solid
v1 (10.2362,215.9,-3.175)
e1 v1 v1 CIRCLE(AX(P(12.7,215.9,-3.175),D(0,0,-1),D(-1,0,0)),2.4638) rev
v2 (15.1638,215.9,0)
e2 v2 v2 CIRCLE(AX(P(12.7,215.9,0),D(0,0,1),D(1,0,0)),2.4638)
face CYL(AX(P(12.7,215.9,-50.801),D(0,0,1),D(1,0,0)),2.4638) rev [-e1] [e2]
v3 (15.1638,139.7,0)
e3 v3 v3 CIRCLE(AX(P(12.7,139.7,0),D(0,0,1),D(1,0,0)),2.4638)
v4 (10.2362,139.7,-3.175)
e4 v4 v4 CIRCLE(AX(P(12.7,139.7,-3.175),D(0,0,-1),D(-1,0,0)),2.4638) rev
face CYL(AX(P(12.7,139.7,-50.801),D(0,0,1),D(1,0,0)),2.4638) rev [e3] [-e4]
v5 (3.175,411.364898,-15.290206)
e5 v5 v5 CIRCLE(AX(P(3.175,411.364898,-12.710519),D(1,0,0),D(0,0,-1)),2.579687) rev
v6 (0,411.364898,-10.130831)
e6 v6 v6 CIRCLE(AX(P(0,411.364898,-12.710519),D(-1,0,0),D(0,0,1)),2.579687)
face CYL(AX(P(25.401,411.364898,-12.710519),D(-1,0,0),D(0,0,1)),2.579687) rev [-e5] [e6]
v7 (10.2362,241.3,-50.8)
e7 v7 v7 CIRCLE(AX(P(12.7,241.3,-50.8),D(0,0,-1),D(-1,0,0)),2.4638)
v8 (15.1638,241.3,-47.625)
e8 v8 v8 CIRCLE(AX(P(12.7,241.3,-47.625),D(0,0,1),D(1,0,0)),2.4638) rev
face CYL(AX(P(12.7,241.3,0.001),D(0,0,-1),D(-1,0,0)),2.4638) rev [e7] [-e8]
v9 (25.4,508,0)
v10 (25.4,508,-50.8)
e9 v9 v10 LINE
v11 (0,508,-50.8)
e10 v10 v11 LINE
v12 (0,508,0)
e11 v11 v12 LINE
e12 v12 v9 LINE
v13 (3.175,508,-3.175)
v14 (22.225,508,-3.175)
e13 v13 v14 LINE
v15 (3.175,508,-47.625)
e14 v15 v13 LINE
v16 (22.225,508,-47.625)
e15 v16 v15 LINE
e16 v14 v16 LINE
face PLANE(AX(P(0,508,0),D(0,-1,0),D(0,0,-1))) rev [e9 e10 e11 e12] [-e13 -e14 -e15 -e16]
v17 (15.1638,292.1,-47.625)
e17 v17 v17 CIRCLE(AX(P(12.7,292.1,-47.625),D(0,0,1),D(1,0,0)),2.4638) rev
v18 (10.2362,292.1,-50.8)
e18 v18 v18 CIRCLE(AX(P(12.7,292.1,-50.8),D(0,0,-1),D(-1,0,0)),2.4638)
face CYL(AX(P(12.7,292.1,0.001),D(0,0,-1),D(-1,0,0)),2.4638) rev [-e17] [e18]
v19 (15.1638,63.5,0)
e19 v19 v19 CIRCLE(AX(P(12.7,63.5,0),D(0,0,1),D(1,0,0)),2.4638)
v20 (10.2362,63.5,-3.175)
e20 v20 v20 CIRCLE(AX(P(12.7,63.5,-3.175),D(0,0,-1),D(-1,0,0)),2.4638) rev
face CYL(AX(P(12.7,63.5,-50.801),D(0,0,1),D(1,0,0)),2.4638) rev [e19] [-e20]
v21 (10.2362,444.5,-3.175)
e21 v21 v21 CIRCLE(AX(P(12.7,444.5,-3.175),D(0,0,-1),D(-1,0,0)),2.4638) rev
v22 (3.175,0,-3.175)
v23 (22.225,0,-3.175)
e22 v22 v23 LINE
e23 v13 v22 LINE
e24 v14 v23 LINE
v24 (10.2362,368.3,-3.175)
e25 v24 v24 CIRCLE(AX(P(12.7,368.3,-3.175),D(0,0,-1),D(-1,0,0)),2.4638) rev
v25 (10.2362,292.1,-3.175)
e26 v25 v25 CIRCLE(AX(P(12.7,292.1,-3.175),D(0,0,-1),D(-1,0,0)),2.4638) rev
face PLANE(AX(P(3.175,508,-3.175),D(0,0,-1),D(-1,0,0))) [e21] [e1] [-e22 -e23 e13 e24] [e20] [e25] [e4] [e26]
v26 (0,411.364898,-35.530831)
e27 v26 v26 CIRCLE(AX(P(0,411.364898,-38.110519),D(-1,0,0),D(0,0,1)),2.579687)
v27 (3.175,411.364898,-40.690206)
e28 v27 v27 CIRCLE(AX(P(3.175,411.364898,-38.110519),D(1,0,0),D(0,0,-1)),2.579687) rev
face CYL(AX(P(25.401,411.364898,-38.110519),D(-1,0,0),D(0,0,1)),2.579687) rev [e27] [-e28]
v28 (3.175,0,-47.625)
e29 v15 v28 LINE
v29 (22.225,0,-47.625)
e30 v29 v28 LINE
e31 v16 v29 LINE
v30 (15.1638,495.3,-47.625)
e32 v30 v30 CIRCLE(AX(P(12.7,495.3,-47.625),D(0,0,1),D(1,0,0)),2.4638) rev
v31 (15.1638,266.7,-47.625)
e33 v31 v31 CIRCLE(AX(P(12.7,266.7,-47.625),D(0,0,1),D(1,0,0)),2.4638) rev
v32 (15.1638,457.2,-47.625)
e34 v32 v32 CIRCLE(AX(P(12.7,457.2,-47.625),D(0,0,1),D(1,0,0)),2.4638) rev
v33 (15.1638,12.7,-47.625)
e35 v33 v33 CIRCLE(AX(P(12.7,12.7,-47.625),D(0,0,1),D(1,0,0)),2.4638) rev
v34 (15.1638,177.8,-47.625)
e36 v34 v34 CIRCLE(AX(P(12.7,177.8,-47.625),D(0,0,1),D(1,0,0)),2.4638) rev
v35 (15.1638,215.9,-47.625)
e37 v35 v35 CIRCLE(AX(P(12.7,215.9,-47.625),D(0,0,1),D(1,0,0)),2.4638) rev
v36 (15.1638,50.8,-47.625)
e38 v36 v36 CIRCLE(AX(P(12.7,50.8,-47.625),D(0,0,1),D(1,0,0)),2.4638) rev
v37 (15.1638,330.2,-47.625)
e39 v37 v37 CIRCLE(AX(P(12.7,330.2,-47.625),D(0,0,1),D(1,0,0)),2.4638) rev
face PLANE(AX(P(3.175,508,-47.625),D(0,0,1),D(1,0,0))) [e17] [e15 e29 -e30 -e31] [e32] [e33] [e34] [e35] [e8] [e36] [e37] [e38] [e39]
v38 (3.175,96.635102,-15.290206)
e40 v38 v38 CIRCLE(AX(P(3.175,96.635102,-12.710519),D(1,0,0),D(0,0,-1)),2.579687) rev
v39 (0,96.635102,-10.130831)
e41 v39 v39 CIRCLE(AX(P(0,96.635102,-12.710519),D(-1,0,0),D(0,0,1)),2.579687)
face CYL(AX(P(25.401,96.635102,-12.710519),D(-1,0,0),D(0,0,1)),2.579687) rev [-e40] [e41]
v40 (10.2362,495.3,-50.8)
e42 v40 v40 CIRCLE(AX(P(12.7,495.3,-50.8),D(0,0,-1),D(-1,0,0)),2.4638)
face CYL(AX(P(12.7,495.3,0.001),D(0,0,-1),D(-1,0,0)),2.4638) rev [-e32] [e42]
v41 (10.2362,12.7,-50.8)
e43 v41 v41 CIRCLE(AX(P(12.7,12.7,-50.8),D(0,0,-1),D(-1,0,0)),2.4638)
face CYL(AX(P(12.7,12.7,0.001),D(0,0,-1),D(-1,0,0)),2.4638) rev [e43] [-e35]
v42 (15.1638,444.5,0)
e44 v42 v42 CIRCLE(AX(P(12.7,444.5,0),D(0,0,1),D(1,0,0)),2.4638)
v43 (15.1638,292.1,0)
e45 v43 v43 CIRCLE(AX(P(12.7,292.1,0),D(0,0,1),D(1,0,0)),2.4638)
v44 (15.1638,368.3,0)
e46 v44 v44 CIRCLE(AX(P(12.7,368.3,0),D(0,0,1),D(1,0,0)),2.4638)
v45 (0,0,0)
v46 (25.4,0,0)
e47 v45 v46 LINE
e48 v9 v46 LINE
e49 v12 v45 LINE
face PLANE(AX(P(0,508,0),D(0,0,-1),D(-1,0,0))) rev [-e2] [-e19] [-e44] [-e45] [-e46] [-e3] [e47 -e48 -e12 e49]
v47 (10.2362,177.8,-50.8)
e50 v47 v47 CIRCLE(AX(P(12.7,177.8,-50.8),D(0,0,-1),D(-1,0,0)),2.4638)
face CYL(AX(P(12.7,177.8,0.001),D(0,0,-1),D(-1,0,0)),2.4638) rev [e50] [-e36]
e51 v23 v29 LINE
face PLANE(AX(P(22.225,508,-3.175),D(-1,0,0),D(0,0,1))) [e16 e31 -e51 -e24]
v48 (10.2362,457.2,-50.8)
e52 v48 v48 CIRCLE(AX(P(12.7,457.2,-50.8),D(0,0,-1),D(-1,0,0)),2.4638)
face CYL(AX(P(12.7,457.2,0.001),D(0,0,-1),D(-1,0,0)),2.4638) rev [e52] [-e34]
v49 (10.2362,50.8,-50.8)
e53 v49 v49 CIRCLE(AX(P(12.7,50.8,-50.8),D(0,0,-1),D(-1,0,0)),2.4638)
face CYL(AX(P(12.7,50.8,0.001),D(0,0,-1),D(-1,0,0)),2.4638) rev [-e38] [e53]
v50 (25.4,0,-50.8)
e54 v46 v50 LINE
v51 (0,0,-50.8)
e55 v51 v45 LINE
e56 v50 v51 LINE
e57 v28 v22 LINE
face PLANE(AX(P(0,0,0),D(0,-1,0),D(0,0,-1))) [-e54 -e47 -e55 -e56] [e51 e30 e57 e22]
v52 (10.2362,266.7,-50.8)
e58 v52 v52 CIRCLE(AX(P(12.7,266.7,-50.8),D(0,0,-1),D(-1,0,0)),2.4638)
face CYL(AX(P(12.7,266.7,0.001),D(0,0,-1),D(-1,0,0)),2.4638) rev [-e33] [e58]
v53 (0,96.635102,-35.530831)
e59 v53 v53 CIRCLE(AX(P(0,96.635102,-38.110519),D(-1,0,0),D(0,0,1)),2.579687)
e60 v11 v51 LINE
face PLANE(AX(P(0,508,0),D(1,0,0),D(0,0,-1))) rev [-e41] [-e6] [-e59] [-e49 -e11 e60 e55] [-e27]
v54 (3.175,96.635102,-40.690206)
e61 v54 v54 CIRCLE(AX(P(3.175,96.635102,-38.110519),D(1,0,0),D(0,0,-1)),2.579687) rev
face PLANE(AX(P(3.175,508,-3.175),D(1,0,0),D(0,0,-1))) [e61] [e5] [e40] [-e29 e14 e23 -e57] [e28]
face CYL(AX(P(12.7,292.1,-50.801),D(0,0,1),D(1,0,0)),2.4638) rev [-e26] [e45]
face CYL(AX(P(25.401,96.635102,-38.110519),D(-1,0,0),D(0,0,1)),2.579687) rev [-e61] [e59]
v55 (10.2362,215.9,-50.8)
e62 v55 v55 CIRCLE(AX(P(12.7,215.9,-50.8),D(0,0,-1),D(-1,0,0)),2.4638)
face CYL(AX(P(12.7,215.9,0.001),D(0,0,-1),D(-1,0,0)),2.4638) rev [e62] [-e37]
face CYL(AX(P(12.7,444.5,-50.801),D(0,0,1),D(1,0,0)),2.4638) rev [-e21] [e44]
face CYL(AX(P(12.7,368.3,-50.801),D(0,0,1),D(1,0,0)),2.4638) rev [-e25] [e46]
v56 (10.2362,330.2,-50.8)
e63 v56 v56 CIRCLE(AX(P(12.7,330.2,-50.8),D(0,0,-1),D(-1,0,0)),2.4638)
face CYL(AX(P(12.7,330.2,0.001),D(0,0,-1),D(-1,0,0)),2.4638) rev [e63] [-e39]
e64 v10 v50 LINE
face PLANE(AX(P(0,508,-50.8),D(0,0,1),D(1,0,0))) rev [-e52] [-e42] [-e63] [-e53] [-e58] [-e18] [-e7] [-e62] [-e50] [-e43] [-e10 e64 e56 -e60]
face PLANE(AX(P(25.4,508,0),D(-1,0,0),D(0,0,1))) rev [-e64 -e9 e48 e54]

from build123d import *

# Parameters (mm, degrees)
SKETCH1_W           = 25.4
SKETCH1_H           = 50.8
SKETCH1_W_2         = 19.05
SKETCH1_H_2         = 44.45
BOSS_EXTRUDE1_DEPTH = 508
CUT_EXTRUDE1_REACH  = 513.165
SKETCH2_R           = 2.4638
CUT_EXTRUDE2_REACH  = 513.165
SKETCH3_R           = 2.4638
CUT_EXTRUDE3_REACH  = 513.165
SKETCH4_R           = 2.5796875


with BuildPart() as part:
    # Sketch1 → Boss-Extrude1 (new body)
    with BuildSketch(Plane(origin=(0, 0, 0), x_dir=(1, 0, 0), z_dir=(0, 1, 0))):
        with Locations((12.7, 25.4)):
            Rectangle(SKETCH1_W, SKETCH1_H)
        with Locations((12.7, 25.4)):
            Rectangle(SKETCH1_W_2, SKETCH1_H_2, mode=Mode.SUBTRACT)
    extrude(amount=BOSS_EXTRUDE1_DEPTH)

    # Sketch2 → Cut-Extrude1 (cut, up to next)
    with BuildSketch(Plane(origin=(0, 0, -50.8), x_dir=(-1, 0, 0), z_dir=(0, 0, -1)), mode=Mode.PRIVATE) as cut_extrude1_sk1:
        with Locations((-12.7, 12.7)):
            Circle(SKETCH2_R)
    cut_extrude1_tool1 = extrude(cut_extrude1_sk1.sketch, amount=-CUT_EXTRUDE1_REACH, mode=Mode.PRIVATE) & part.part
    # Sketch2 → Cut-Extrude1 (cut, up to next)
    with BuildSketch(Plane(origin=(0, 0, -50.8), x_dir=(-1, 0, 0), z_dir=(0, 0, -1)), mode=Mode.PRIVATE) as cut_extrude1_sk2:
        with Locations((-12.7, 50.8)):
            Circle(SKETCH2_R)
    cut_extrude1_tool2 = extrude(cut_extrude1_sk2.sketch, amount=-CUT_EXTRUDE1_REACH, mode=Mode.PRIVATE) & part.part
    # Sketch2 → Cut-Extrude1 (cut, up to next)
    with BuildSketch(Plane(origin=(0, 0, -50.8), x_dir=(-1, 0, 0), z_dir=(0, 0, -1)), mode=Mode.PRIVATE) as cut_extrude1_sk3:
        with Locations((-12.7, 177.8)):
            Circle(SKETCH2_R)
    cut_extrude1_tool3 = extrude(cut_extrude1_sk3.sketch, amount=-CUT_EXTRUDE1_REACH, mode=Mode.PRIVATE) & part.part
    # Sketch2 → Cut-Extrude1 (cut, up to next)
    with BuildSketch(Plane(origin=(0, 0, -50.8), x_dir=(-1, 0, 0), z_dir=(0, 0, -1)), mode=Mode.PRIVATE) as cut_extrude1_sk4:
        with Locations((-12.7, 215.9)):
            Circle(SKETCH2_R)
    cut_extrude1_tool4 = extrude(cut_extrude1_sk4.sketch, amount=-CUT_EXTRUDE1_REACH, mode=Mode.PRIVATE) & part.part
    # Sketch2 → Cut-Extrude1 (cut, up to next)
    with BuildSketch(Plane(origin=(0, 0, -50.8), x_dir=(-1, 0, 0), z_dir=(0, 0, -1)), mode=Mode.PRIVATE) as cut_extrude1_sk5:
        with Locations((-12.7, 241.3)):
            Circle(SKETCH2_R)
    cut_extrude1_tool5 = extrude(cut_extrude1_sk5.sketch, amount=-CUT_EXTRUDE1_REACH, mode=Mode.PRIVATE) & part.part
    # Sketch2 → Cut-Extrude1 (cut, up to next)
    with BuildSketch(Plane(origin=(0, 0, -50.8), x_dir=(-1, 0, 0), z_dir=(0, 0, -1)), mode=Mode.PRIVATE) as cut_extrude1_sk6:
        with Locations((-12.7, 266.7)):
            Circle(SKETCH2_R)
    cut_extrude1_tool6 = extrude(cut_extrude1_sk6.sketch, amount=-CUT_EXTRUDE1_REACH, mode=Mode.PRIVATE) & part.part
    # Sketch2 → Cut-Extrude1 (cut, up to next)
    with BuildSketch(Plane(origin=(0, 0, -50.8), x_dir=(-1, 0, 0), z_dir=(0, 0, -1)), mode=Mode.PRIVATE) as cut_extrude1_sk7:
        with Locations((-12.7, 292.1)):
            Circle(SKETCH2_R)
    cut_extrude1_tool7 = extrude(cut_extrude1_sk7.sketch, amount=-CUT_EXTRUDE1_REACH, mode=Mode.PRIVATE) & part.part
    # Sketch2 → Cut-Extrude1 (cut, up to next)
    with BuildSketch(Plane(origin=(0, 0, -50.8), x_dir=(-1, 0, 0), z_dir=(0, 0, -1)), mode=Mode.PRIVATE) as cut_extrude1_sk8:
        with Locations((-12.7, 330.2)):
            Circle(SKETCH2_R)
    cut_extrude1_tool8 = extrude(cut_extrude1_sk8.sketch, amount=-CUT_EXTRUDE1_REACH, mode=Mode.PRIVATE) & part.part
    # Sketch2 → Cut-Extrude1 (cut, up to next)
    with BuildSketch(Plane(origin=(0, 0, -50.8), x_dir=(-1, 0, 0), z_dir=(0, 0, -1)), mode=Mode.PRIVATE) as cut_extrude1_sk9:
        with Locations((-12.7, 457.2)):
            Circle(SKETCH2_R)
    cut_extrude1_tool9 = extrude(cut_extrude1_sk9.sketch, amount=-CUT_EXTRUDE1_REACH, mode=Mode.PRIVATE) & part.part
    # Sketch2 → Cut-Extrude1 (cut, up to next)
    with BuildSketch(Plane(origin=(0, 0, -50.8), x_dir=(-1, 0, 0), z_dir=(0, 0, -1)), mode=Mode.PRIVATE) as cut_extrude1_sk10:
        with Locations((-12.7, 495.3)):
            Circle(SKETCH2_R)
    cut_extrude1_tool10 = extrude(cut_extrude1_sk10.sketch, amount=-CUT_EXTRUDE1_REACH, mode=Mode.PRIVATE) & part.part
    add(cut_extrude1_tool1.solids().sort_by_distance((12.7, 12.7, -50.8))[0], mode=Mode.SUBTRACT)
    add(cut_extrude1_tool2.solids().sort_by_distance((12.7, 50.8, -50.8))[0], mode=Mode.SUBTRACT)
    add(cut_extrude1_tool3.solids().sort_by_distance((12.7, 177.8, -50.8))[0], mode=Mode.SUBTRACT)
    add(cut_extrude1_tool4.solids().sort_by_distance((12.7, 215.9, -50.8))[0], mode=Mode.SUBTRACT)
    add(cut_extrude1_tool5.solids().sort_by_distance((12.7, 241.3, -50.8))[0], mode=Mode.SUBTRACT)
    add(cut_extrude1_tool6.solids().sort_by_distance((12.7, 266.7, -50.8))[0], mode=Mode.SUBTRACT)
    add(cut_extrude1_tool7.solids().sort_by_distance((12.7, 292.1, -50.8))[0], mode=Mode.SUBTRACT)
    add(cut_extrude1_tool8.solids().sort_by_distance((12.7, 330.2, -50.8))[0], mode=Mode.SUBTRACT)
    add(cut_extrude1_tool9.solids().sort_by_distance((12.7, 457.2, -50.8))[0], mode=Mode.SUBTRACT)
    add(cut_extrude1_tool10.solids().sort_by_distance((12.7, 495.3, -50.8))[0], mode=Mode.SUBTRACT)

    # Sketch3 → Cut-Extrude2 (cut, up to next)
    with BuildSketch(Plane.XY, mode=Mode.PRIVATE) as cut_extrude2_sk1:
        with Locations((12.7, 63.5)):
            Circle(SKETCH3_R)
    cut_extrude2_tool1 = extrude(cut_extrude2_sk1.sketch, amount=-CUT_EXTRUDE2_REACH, mode=Mode.PRIVATE) & part.part
    # Sketch3 → Cut-Extrude2 (cut, up to next)
    with BuildSketch(Plane.XY, mode=Mode.PRIVATE) as cut_extrude2_sk2:
        with Locations((12.7, 139.7)):
            Circle(SKETCH3_R)
    cut_extrude2_tool2 = extrude(cut_extrude2_sk2.sketch, amount=-CUT_EXTRUDE2_REACH, mode=Mode.PRIVATE) & part.part
    # Sketch3 → Cut-Extrude2 (cut, up to next)
    with BuildSketch(Plane.XY, mode=Mode.PRIVATE) as cut_extrude2_sk3:
        with Locations(Location((12.7, 215.9, 0), (0, 0, 180))):
            Circle(SKETCH3_R)
    cut_extrude2_tool3 = extrude(cut_extrude2_sk3.sketch, amount=-CUT_EXTRUDE2_REACH, mode=Mode.PRIVATE) & part.part
    # Sketch3 → Cut-Extrude2 (cut, up to next)
    with BuildSketch(Plane.XY, mode=Mode.PRIVATE) as cut_extrude2_sk4:
        with Locations(Location((12.7, 292.1, 0), (0, 0, 180))):
            Circle(SKETCH3_R)
    cut_extrude2_tool4 = extrude(cut_extrude2_sk4.sketch, amount=-CUT_EXTRUDE2_REACH, mode=Mode.PRIVATE) & part.part
    # Sketch3 → Cut-Extrude2 (cut, up to next)
    with BuildSketch(Plane.XY, mode=Mode.PRIVATE) as cut_extrude2_sk5:
        with Locations((12.7, 368.3)):
            Circle(SKETCH3_R)
    cut_extrude2_tool5 = extrude(cut_extrude2_sk5.sketch, amount=-CUT_EXTRUDE2_REACH, mode=Mode.PRIVATE) & part.part
    # Sketch3 → Cut-Extrude2 (cut, up to next)
    with BuildSketch(Plane.XY, mode=Mode.PRIVATE) as cut_extrude2_sk6:
        with Locations((12.7, 444.5)):
            Circle(SKETCH3_R)
    cut_extrude2_tool6 = extrude(cut_extrude2_sk6.sketch, amount=-CUT_EXTRUDE2_REACH, mode=Mode.PRIVATE) & part.part
    add(cut_extrude2_tool1.solids().sort_by_distance((12.7, 63.5, 0))[0], mode=Mode.SUBTRACT)
    add(cut_extrude2_tool2.solids().sort_by_distance((12.7, 139.7, 0))[0], mode=Mode.SUBTRACT)
    add(cut_extrude2_tool3.solids().sort_by_distance((12.7, 215.9, 0))[0], mode=Mode.SUBTRACT)
    add(cut_extrude2_tool4.solids().sort_by_distance((12.7, 292.1, 0))[0], mode=Mode.SUBTRACT)
    add(cut_extrude2_tool5.solids().sort_by_distance((12.7, 368.3, 0))[0], mode=Mode.SUBTRACT)
    add(cut_extrude2_tool6.solids().sort_by_distance((12.7, 444.5, 0))[0], mode=Mode.SUBTRACT)

    # Sketch4 → Cut-Extrude3 (cut, up to next)
    with BuildSketch(Plane.ZY, mode=Mode.PRIVATE) as cut_extrude3_sk1:
        with Locations((-38.110518668, 96.635101662)):
            Circle(SKETCH4_R)
    cut_extrude3_tool1 = extrude(cut_extrude3_sk1.sketch, amount=-CUT_EXTRUDE3_REACH, mode=Mode.PRIVATE) & part.part
    # Sketch4 → Cut-Extrude3 (cut, up to next)
    with BuildSketch(Plane.ZY, mode=Mode.PRIVATE) as cut_extrude3_sk2:
        with Locations((-38.110518668, 411.364898332)):
            Circle(SKETCH4_R)
    cut_extrude3_tool2 = extrude(cut_extrude3_sk2.sketch, amount=-CUT_EXTRUDE3_REACH, mode=Mode.PRIVATE) & part.part
    # Sketch4 → Cut-Extrude3 (cut, up to next)
    with BuildSketch(Plane.ZY, mode=Mode.PRIVATE) as cut_extrude3_sk3:
        with Locations((-12.710518668, 411.364898332)):
            Circle(SKETCH4_R)
    cut_extrude3_tool3 = extrude(cut_extrude3_sk3.sketch, amount=-CUT_EXTRUDE3_REACH, mode=Mode.PRIVATE) & part.part
    # Sketch4 → Cut-Extrude3 (cut, up to next)
    with BuildSketch(Plane.ZY, mode=Mode.PRIVATE) as cut_extrude3_sk4:
        with Locations((-12.710518668, 96.635101662)):
            Circle(SKETCH4_R)
    cut_extrude3_tool4 = extrude(cut_extrude3_sk4.sketch, amount=-CUT_EXTRUDE3_REACH, mode=Mode.PRIVATE) & part.part
    add(cut_extrude3_tool1.solids().sort_by_distance((0, 96.635102, -38.110519))[0], mode=Mode.SUBTRACT)
    add(cut_extrude3_tool2.solids().sort_by_distance((0, 411.364898, -38.110519))[0], mode=Mode.SUBTRACT)
    add(cut_extrude3_tool3.solids().sort_by_distance((0, 411.364898, -12.710519))[0], mode=Mode.SUBTRACT)
    add(cut_extrude3_tool4.solids().sort_by_distance((0, 96.635102, -12.710519))[0], mode=Mode.SUBTRACT)


solid = part.part
